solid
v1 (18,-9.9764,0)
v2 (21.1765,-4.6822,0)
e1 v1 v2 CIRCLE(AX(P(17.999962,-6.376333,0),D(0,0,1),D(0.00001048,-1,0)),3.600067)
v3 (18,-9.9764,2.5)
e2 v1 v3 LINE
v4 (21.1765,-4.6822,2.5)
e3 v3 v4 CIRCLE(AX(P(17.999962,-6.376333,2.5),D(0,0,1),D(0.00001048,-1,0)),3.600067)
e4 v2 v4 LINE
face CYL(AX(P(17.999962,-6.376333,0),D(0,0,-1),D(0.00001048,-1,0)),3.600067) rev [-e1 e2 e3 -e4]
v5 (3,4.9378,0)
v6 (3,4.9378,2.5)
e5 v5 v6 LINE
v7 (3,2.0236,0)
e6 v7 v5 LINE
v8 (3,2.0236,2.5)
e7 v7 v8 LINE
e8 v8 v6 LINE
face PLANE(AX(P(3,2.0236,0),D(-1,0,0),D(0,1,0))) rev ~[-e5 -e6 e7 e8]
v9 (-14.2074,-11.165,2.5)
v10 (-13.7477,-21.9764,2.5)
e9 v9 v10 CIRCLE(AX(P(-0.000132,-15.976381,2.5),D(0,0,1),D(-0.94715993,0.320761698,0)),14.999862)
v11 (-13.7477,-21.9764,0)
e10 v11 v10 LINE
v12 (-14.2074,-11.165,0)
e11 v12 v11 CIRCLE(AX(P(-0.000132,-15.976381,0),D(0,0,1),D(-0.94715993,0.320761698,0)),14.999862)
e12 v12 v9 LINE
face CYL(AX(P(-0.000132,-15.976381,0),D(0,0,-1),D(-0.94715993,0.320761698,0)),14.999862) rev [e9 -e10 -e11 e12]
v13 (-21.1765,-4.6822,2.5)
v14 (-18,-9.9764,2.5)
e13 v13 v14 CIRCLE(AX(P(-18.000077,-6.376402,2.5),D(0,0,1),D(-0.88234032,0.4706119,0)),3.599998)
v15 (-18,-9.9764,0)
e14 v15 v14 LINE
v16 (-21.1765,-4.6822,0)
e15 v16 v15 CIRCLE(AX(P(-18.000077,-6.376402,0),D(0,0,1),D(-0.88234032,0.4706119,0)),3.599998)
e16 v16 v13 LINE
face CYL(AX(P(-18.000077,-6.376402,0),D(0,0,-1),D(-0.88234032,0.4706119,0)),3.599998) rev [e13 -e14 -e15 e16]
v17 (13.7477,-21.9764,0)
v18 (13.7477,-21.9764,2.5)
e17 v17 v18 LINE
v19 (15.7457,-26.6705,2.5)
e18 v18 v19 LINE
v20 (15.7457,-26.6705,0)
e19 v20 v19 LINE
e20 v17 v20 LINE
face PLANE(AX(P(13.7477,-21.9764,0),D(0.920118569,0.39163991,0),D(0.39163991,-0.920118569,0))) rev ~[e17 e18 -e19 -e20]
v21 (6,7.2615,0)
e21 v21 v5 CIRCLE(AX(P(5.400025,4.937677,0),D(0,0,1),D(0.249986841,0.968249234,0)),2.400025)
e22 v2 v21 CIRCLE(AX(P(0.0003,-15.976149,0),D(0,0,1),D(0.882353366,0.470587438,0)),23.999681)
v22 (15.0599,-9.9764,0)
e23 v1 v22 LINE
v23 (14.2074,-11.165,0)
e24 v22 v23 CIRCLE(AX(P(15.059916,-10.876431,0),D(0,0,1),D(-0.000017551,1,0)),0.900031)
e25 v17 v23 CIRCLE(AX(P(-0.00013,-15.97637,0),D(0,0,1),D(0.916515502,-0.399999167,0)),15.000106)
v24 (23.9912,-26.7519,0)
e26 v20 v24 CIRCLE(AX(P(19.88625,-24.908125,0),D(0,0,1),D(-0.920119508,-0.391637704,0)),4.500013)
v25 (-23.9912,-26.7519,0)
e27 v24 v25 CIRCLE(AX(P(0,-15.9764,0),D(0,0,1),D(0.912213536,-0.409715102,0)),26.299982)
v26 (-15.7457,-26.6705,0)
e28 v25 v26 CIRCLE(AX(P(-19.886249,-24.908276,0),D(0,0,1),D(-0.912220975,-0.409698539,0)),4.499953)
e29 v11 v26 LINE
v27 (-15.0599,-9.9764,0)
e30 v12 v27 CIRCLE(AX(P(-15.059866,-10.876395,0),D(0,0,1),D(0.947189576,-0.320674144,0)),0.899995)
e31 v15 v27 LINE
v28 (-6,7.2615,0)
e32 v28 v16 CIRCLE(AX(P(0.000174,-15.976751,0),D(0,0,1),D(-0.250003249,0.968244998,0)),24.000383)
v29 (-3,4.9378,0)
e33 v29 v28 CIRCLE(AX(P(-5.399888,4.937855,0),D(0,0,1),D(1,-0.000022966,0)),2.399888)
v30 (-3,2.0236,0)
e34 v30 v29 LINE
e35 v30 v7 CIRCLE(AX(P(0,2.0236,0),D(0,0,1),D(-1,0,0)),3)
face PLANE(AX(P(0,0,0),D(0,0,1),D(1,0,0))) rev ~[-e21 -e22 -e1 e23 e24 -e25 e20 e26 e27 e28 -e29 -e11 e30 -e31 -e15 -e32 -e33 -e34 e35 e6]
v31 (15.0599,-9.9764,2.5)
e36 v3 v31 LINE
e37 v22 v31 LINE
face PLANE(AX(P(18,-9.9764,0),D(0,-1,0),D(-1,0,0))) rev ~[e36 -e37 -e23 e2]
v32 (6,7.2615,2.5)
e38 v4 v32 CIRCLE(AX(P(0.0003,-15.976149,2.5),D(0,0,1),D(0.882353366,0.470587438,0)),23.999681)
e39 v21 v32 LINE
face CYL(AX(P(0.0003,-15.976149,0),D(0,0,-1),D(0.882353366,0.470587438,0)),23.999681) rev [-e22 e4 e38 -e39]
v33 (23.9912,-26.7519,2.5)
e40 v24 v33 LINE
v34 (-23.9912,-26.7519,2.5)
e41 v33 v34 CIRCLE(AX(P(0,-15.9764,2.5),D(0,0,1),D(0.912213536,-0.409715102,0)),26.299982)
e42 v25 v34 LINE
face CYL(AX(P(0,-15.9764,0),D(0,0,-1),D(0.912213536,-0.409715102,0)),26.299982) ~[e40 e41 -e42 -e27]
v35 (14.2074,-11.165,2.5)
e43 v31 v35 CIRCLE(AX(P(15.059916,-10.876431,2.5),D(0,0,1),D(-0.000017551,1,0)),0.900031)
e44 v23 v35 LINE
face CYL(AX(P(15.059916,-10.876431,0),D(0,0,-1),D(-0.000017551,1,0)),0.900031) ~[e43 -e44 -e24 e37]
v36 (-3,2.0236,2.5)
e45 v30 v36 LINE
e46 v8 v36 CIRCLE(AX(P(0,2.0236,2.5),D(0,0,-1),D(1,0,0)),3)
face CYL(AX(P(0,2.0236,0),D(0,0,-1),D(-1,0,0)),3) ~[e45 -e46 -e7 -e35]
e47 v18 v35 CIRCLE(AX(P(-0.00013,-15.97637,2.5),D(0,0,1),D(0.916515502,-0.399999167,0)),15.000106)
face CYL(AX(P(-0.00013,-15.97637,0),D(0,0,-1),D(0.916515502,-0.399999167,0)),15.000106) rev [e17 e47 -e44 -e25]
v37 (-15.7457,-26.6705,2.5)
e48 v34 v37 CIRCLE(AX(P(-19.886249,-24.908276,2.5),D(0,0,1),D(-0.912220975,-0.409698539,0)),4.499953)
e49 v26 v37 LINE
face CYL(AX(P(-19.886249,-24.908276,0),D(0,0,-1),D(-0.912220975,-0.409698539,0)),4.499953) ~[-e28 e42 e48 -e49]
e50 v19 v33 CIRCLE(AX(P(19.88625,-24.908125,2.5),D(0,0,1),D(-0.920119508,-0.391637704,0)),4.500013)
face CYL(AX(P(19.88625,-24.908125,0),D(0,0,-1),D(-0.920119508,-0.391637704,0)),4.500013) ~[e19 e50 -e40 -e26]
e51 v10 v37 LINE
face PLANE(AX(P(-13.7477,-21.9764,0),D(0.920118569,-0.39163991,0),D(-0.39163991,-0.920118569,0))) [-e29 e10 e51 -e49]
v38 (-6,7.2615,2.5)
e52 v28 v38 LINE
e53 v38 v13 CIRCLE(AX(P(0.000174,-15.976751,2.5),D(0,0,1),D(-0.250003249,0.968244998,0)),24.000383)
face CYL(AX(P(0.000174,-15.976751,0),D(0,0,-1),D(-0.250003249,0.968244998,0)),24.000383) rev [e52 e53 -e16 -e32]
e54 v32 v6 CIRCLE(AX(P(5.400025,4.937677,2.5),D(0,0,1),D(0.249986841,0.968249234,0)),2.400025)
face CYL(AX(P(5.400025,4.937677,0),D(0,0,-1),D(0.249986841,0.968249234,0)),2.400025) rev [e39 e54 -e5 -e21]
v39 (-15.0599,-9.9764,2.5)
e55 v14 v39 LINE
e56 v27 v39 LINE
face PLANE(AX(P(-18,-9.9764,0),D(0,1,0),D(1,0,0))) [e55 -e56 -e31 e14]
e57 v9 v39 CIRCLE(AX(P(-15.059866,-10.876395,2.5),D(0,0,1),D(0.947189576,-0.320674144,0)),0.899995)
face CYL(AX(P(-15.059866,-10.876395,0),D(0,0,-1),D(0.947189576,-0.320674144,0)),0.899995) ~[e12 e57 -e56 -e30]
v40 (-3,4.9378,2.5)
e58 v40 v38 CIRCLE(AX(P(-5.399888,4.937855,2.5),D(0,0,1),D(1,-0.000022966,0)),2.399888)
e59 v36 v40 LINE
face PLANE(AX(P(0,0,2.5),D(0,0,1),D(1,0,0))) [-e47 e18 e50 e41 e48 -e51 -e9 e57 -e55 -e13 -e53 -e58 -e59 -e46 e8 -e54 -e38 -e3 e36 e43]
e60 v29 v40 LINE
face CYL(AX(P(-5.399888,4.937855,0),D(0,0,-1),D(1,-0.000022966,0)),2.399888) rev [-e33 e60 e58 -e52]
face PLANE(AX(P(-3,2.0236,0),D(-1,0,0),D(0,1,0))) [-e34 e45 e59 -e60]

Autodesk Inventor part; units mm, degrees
ref_plane "YZ Plane" through (0, 0, 0) normal (1, 0, 0) x (0, 1, 0)
ref_plane "XZ Plane" through (0, 0, 0) normal (0, 1, 0) x (-1, 0, 0)
sketch "Sketch1" plane through (0, 0, 0) normal (0, 0, 1) x (1, 0, 0)
  circle A0 centre (0, -15.9764) radius 16 construction
  line L0 (-3, 0.0236) -> (0, 0.0236) construction
  line L1 (-3.206, 0) -> (3.4858, 0) projected
  line L2 (-13.7477, -21.9764) -> (13.7477, -21.9764) construction
  arc A1 (-14.2074, -11.165) -> (-13.7477, -21.9764) centre (0, -15.9764) ccw
  line L3 (0, 1.949) -> (0, -3.4788) projected
  arc A2 (-3, 2.0236) -> (3, 2.0236) centre (0, 2.0236) ccw
  arc A3 (23.9912, -26.7519) -> (-23.9912, -26.7519) centre (0, -15.9764) ccw
  line L4 (-18, -9.9764) -> (-15.0599, -9.9764)
  line L5 (-3, 2.0236) -> (-3, 4.9378)
  arc A4 (-6, 7.2615) -> (-21.1765, -4.6822) centre (0, -15.9764) ccw
  arc A5 (-3, 4.9378) -> (-6, 7.2615) centre (-5.4, 4.9378) ccw
  arc A6 (-21.1765, -4.6822) -> (-18, -9.9764) centre (-18, -6.3764) ccw
  arc A7 (-14.2074, -11.165) -> (-15.0599, -9.9764) centre (-15.0599, -10.8764) ccw
  line L6 (0, 10.3236) -> (2.5298, 10.3236) construction
  line L7 (-13.7477, -21.9764) -> (-15.7457, -26.6705)
  arc A8 (-23.9912, -26.7519) -> (-15.7457, -26.6705) centre (-19.8862, -24.9082) ccw
  line L8 (0, -0.9764) -> (-1.2778, -0.9764) construction
  line L9 (13.7477, -21.9764) -> (15.7457, -26.6705)
  arc A9 (15.7457, -26.6705) -> (23.9912, -26.7519) centre (19.8862, -24.9082) ccw
  arc A10 (13.7477, -21.9764) -> (14.2074, -11.165) centre (0, -15.9764) ccw
  line L10 (18, -9.9764) -> (15.0599, -9.9764)
  line L11 (3, 2.0236) -> (3, 4.9378)
  arc A11 (21.1765, -4.6822) -> (6, 7.2615) centre (0, -15.9764) ccw
  arc A12 (6, 7.2615) -> (3, 4.9378) centre (5.4, 4.9378) ccw
  arc A13 (18, -9.9764) -> (21.1765, -4.6822) centre (18, -6.3764) ccw
  arc A14 (15.0599, -9.9764) -> (14.2074, -11.165) centre (15.0599, -10.8764) ccw
  point P0 (3, 0.0236)
  dimension "d0" = 32
  dimension "d3" = 6
  dimension "d4" = 3
  dimension "d5" = 52.6
  dimension "d8" = 24
  dimension "d9" = 6
  dimension "d10" = 2.4
  dimension "d11" = 3.6
  dimension "d12" = 0.9
  dimension "d13" = 4.5
  dimension "d14" = 15
  dimension "d15" = 15
extrude "Body" add sketch "Sketch1" along normal blind 2.5
ref_plane "Work Plane1" through (0, -15.9764, 0) normal (-1, 0, 0) x (0, 0, 1)
equation "\"d0\" = WD"
equation "\"d3\" = 0.2 * ND"
equation "\"d4\" = 0.1 * ND"
equation "\"d5\" = SD2"
equation "\"d8\" = 0.8 * ND"
equation "\"d9\" = 0.2 * ND"
equation "\"d10\" = 0.08 * ND"
equation "\"d11\" = 0.12 * ND"
equation "\"d12\" = 0.03 * ND"
equation "\"d13\" = 0.15 * ND"
equation "\"d14\" = 0.5 * ND"
equation "\"d15\" = 0.5 * ND"
equation "\"d16\" = SD"
equation "\"SD\" = 2.5"
equation "\"WD\" = 32"
equation "\"d1\" = 1.6 * ND"
equation "\"SD2\" = 52.6"
equation "\"d7\" = 0.15 * ND"
equation "\"WDMIN\" = 25"
equation "\"SNB\" = 2.55"
equation "\"WDMAX\" = 38"
equation "\"BUBRMI\" = 4"
equation "\"ND\" = 30"
properties part number "DIN 6799 - 30" material "Steel, Mild"
